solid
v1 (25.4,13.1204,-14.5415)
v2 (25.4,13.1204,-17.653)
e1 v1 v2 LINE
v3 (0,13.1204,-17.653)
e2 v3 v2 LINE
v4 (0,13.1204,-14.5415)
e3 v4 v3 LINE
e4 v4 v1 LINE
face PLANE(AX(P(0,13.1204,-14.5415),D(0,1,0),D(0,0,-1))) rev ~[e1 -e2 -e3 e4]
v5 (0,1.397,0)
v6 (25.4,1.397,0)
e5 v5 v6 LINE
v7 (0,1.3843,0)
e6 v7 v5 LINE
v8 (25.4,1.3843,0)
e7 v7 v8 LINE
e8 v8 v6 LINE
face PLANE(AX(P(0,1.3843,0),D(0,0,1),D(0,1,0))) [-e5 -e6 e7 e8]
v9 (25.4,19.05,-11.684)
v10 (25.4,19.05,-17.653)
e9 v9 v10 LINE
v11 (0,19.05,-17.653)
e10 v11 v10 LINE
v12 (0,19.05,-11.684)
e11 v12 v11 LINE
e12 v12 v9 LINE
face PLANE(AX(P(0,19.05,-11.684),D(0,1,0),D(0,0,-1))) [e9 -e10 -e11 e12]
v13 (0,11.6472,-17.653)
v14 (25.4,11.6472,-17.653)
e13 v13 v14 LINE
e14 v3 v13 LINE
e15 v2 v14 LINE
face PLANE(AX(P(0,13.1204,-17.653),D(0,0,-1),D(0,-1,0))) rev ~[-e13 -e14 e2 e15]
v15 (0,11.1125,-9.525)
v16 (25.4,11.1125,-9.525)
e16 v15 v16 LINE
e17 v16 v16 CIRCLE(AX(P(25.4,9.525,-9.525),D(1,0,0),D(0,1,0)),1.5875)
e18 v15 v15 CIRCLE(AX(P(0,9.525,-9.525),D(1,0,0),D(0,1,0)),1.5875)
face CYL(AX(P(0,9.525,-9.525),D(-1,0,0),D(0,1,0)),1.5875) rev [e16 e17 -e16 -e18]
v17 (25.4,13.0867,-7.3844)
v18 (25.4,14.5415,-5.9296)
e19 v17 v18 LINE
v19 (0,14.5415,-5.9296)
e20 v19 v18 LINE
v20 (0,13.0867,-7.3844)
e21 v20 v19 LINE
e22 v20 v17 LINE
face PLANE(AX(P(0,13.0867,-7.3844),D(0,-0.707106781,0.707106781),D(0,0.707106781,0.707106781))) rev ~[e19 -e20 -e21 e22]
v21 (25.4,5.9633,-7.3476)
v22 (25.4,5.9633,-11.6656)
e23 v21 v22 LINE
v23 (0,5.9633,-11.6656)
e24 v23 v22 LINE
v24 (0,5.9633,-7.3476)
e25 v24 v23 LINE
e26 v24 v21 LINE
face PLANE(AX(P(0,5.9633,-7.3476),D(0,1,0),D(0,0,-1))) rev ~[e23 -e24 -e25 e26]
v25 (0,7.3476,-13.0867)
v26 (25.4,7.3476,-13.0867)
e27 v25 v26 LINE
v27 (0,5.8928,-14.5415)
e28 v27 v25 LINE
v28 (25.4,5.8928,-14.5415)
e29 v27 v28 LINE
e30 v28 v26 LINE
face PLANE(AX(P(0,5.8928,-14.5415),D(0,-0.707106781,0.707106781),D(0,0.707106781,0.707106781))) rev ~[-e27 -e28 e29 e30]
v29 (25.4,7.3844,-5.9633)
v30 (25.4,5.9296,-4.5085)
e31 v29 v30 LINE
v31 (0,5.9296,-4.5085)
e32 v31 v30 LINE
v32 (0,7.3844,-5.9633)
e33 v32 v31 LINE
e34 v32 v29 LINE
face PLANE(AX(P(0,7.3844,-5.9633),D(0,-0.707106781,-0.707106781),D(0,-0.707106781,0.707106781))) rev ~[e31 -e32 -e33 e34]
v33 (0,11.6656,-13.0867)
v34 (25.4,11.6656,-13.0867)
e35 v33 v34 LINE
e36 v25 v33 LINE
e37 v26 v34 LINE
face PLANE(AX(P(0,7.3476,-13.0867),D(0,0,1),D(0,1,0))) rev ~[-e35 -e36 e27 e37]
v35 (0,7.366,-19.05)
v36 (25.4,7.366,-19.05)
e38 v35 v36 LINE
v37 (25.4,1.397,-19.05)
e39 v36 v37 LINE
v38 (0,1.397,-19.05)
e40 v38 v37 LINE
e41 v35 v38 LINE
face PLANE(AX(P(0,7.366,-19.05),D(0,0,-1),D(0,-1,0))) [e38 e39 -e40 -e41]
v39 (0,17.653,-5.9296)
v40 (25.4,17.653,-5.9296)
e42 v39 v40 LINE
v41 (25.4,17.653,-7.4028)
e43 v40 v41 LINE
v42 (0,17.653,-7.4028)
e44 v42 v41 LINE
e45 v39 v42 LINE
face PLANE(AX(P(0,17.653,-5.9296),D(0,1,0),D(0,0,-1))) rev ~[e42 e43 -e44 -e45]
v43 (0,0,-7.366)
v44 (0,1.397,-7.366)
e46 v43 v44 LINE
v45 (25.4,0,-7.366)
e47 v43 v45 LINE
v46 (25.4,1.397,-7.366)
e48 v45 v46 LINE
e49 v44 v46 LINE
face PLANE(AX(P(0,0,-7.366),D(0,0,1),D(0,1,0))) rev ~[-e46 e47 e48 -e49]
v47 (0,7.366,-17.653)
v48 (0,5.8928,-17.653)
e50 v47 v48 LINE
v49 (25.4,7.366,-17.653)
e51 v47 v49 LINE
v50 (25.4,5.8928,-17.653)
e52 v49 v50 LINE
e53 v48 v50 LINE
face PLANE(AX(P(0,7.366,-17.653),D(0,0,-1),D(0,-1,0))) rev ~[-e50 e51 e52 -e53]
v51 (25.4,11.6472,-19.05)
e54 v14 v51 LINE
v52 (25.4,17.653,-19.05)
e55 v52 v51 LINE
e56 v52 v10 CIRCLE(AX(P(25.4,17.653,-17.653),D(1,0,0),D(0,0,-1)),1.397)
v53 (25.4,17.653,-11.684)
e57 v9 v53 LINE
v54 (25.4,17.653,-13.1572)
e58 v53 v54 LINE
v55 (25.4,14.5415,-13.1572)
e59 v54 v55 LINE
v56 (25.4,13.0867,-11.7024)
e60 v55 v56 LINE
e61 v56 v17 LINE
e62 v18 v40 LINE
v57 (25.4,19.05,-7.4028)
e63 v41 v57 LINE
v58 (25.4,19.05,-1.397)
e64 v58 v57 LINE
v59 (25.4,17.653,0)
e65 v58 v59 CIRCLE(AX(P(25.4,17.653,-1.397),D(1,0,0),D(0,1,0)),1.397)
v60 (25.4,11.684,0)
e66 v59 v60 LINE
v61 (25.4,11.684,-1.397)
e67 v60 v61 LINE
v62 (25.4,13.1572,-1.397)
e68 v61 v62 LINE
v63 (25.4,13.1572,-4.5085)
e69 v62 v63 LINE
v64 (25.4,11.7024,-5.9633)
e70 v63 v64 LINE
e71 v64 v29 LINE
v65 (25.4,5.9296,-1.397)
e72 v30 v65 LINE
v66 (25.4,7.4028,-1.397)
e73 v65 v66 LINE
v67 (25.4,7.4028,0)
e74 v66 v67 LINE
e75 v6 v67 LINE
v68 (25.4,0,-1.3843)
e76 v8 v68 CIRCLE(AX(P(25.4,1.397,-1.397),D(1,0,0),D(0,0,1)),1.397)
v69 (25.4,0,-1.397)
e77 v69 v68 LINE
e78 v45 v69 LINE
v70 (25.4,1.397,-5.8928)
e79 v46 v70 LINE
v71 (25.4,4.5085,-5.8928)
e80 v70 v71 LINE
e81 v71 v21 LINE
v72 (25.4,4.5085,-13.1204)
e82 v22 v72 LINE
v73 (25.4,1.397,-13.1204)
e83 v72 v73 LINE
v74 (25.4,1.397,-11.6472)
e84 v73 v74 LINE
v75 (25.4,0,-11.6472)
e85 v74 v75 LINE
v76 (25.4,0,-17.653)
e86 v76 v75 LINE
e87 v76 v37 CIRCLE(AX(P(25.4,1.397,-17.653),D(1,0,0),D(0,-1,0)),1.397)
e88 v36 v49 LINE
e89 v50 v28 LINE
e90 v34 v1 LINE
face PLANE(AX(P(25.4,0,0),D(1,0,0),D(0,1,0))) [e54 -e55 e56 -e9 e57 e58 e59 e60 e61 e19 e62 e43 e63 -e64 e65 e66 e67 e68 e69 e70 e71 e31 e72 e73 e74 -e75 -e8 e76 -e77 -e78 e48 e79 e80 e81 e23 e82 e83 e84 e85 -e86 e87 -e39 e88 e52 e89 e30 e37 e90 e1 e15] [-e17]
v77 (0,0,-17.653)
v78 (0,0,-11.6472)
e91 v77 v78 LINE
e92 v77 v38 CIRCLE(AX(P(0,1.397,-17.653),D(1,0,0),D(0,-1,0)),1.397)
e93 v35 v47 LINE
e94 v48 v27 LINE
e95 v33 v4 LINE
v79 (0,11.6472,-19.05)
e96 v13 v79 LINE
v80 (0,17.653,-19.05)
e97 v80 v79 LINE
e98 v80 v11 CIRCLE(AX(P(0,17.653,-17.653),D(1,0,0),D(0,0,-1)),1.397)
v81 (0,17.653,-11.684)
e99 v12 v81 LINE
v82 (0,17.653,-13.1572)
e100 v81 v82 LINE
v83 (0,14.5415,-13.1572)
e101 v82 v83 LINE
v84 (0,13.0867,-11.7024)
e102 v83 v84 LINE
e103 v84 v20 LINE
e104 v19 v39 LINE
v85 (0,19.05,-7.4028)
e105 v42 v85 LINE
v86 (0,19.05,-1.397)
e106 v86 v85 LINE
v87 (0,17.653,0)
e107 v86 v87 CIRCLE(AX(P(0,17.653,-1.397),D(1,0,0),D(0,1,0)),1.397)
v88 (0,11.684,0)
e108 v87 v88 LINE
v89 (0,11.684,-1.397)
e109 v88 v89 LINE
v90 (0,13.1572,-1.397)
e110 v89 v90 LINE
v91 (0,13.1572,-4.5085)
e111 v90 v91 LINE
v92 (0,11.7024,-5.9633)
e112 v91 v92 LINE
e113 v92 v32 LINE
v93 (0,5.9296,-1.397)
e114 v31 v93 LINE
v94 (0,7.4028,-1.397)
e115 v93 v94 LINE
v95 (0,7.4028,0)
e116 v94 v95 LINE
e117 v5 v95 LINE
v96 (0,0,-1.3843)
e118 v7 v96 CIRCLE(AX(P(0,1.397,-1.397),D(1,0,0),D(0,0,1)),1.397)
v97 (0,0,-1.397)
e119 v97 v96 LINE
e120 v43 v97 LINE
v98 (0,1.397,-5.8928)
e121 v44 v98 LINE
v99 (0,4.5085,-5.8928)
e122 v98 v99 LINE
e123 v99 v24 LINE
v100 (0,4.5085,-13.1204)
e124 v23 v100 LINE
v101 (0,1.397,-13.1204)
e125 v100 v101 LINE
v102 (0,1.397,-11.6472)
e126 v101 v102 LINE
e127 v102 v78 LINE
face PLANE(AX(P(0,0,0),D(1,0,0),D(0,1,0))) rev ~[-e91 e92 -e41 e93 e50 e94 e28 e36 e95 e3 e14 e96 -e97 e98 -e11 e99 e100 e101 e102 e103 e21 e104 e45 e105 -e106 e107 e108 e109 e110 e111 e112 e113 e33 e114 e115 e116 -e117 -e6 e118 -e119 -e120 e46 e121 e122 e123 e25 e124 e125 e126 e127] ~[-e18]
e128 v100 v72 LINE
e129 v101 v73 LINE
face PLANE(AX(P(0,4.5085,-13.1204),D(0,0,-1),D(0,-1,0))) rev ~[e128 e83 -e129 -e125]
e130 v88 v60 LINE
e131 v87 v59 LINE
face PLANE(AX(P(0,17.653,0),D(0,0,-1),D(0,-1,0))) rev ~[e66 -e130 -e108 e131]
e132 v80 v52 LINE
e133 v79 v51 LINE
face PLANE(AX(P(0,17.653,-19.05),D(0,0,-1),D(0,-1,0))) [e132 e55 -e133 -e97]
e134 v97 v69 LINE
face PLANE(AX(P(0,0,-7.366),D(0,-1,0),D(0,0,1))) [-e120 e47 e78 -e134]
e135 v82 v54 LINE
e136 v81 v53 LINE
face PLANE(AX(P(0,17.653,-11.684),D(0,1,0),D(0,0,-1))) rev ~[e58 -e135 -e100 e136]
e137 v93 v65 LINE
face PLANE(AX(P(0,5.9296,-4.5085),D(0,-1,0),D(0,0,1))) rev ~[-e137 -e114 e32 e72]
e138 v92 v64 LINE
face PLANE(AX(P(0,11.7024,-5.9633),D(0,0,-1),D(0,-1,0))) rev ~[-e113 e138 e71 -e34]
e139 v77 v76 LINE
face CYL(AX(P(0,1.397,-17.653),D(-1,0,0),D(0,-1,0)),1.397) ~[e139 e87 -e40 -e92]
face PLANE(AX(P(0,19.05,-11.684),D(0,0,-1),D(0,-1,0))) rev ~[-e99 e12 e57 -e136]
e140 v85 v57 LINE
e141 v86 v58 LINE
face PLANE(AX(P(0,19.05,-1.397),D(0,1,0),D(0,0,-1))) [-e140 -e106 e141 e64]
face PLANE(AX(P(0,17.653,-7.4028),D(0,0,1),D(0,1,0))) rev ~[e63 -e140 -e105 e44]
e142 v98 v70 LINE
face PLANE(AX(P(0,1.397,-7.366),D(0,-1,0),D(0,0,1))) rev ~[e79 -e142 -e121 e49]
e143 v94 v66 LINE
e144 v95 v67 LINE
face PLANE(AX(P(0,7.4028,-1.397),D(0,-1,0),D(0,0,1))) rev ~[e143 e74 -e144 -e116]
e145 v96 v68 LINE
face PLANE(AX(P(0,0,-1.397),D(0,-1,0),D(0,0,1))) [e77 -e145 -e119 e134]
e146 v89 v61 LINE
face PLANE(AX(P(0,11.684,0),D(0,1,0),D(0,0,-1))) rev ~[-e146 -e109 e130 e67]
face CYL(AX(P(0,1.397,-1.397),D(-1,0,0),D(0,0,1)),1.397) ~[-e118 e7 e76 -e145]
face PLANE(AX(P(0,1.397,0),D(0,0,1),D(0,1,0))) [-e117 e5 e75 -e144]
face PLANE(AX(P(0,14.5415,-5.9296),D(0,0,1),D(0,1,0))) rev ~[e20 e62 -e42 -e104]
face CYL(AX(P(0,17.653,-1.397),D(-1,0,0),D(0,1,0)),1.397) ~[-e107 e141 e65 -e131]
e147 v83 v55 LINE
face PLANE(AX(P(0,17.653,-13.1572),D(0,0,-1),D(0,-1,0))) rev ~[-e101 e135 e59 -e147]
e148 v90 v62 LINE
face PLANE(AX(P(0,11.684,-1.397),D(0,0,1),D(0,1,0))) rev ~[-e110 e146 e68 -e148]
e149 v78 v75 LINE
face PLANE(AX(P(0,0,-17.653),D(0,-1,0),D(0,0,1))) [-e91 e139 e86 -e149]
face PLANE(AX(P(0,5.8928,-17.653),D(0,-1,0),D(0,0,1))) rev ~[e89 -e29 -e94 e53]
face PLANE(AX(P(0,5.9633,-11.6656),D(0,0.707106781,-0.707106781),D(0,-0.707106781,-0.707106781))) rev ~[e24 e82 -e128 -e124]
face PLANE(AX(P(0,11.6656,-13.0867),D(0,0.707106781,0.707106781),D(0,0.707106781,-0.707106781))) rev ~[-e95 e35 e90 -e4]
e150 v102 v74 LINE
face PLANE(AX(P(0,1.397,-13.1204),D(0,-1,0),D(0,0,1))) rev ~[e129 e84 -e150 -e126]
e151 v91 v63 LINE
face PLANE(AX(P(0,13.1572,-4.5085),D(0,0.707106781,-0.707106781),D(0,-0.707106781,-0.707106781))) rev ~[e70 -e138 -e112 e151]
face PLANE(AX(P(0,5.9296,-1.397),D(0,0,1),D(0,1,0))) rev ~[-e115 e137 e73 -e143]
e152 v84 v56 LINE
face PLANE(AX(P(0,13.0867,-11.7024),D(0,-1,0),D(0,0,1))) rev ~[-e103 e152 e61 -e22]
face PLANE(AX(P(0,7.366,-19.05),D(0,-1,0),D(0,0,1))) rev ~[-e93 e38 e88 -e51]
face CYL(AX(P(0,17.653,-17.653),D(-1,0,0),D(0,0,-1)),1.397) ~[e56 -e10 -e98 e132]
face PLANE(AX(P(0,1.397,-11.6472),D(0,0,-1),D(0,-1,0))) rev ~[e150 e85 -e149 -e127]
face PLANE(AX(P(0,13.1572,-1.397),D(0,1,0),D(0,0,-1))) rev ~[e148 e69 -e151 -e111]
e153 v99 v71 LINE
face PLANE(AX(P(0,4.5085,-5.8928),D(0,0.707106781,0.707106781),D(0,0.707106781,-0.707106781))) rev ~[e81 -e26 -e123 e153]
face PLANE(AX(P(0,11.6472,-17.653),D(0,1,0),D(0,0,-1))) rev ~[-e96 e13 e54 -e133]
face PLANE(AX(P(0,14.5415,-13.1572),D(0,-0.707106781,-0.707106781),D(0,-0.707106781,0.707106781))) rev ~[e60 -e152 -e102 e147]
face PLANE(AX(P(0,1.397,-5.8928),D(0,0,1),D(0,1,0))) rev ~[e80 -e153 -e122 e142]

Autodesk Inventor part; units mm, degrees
ref_plane "YZ Plane" through (0, 0, 0) normal (1, 0, 0) x (0, 1, 0)
ref_plane "XZ Plane" through (0, 0, 0) normal (0, 1, 0) x (-1, 0, 0)
ref_plane "XY Plane" through (0, 0, 0) normal (0, 0, 1) x (1, 0, 0)
sketch "Sketch2" plane through (0, 0, 0) normal (1, 0, 0) x (0, 1, 0)
  line L0 (1.3843, 0) -> (1.397, 0)
  line L1 (17.653, 0) -> (11.684, 0)
  line L2 (11.684, 0) -> (11.684, -1.397)
  line L3 (11.684, -1.397) -> (13.1572, -1.397)
  line L4 (13.1572, -1.397) -> (13.1572, -4.5085)
  line L5 (13.1572, -4.5085) -> (11.7024, -5.9633)
  line L6 (11.7024, -5.9633) -> (7.3844, -5.9633)
  line L7 (7.3844, -5.9633) -> (5.9296, -4.5085)
  line L8 (5.9296, -4.5085) -> (5.9296, -1.397)
  line L9 (5.9296, -1.397) -> (7.4028, -1.397)
  line L10 (7.4028, -1.397) -> (7.4028, 0)
  line L11 (1.397, 0) -> (7.4028, 0)
  line L12 (11.684, 0) -> (19.05, 0)
  line L13 (5.9633, -7.3476) -> (5.9633, -11.6656)
  line L14 (4.5085, -5.8928) -> (5.9633, -7.3476)
  line L15 (5.9633, -11.6656) -> (4.5085, -13.1204)
  line L16 (1.397, -13.1204) -> (1.397, -11.6472)
  line L17 (4.5085, -13.1204) -> (1.397, -13.1204)
  line L18 (1.397, -11.6472) -> (0, -11.6472)
  line L19 (1.397, -5.8928) -> (4.5085, -5.8928)
  line L20 (0, -7.366) -> (1.397, -7.366)
  line L21 (1.397, -7.366) -> (1.397, -5.8928)
  line L22 (7.3476, -13.0867) -> (11.6656, -13.0867)
  line L23 (5.8928, -14.5415) -> (7.3476, -13.0867)
  line L24 (11.6656, -13.0867) -> (13.1204, -14.5415)
  line L25 (13.1204, -17.653) -> (11.6472, -17.653)
  line L26 (13.1204, -14.5415) -> (13.1204, -17.653)
  line L27 (11.6472, -17.653) -> (11.6472, -19.05)
  line L28 (5.8928, -17.653) -> (5.8928, -14.5415)
  line L29 (7.366, -19.05) -> (7.366, -17.653)
  line L30 (7.366, -17.653) -> (5.8928, -17.653)
  line L31 (13.0867, -11.7024) -> (13.0867, -7.3844)
  line L32 (14.5415, -13.1572) -> (13.0867, -11.7024)
  line L33 (13.0867, -7.3844) -> (14.5415, -5.9296)
  line L34 (17.653, -5.9296) -> (17.653, -7.4028)
  line L35 (14.5415, -5.9296) -> (17.653, -5.9296)
  line L36 (17.653, -7.4028) -> (19.05, -7.4028)
  line L37 (17.653, -13.1572) -> (14.5415, -13.1572)
  line L38 (19.05, -11.684) -> (17.653, -11.684)
  line L39 (17.653, -11.684) -> (17.653, -13.1572)
  line L40 (1.3843, 0) -> (1.397, 0)
  line L41 (19.05, -1.397) -> (19.05, -7.4028)
  line L42 (19.05, -11.684) -> (19.05, -17.653)
  line L43 (17.653, -19.05) -> (11.6472, -19.05)
  line L44 (7.366, -19.05) -> (1.397, -19.05)
  line L45 (0, -17.653) -> (0, -11.6472)
  line L46 (0, -7.366) -> (0, -1.397)
  line L47 (0, -7.366) -> (0, -1.397)
  circle A0 centre (9.525, -9.525) radius 1.5875
  line L48 (1.3843, 0) -> (1.397, 0)
  line L49 (0, -1.397) -> (0, -1.3843)
  arc A1 (1.397, 0) -> (0, -1.397) centre (1.397, -1.397) ccw
  arc A2 (0, -17.653) -> (1.397, -19.05) centre (1.397, -17.653) ccw
  arc A3 (17.653, -19.05) -> (19.05, -17.653) centre (17.653, -17.653) ccw
  arc A4 (19.05, -1.397) -> (17.653, 0) centre (17.653, -1.397) ccw
  point P0 (0, 0)
  dimension "d34" = 7.366
  dimension "d35" = 1.397
  dimension "d37" = 1.4732
  dimension "d38" = 3.1115
  dimension "d39" = 2.0574
  dimension "d40" = 135
  dimension "d41" = 4.318
  dimension "d42" = 2.0574
  dimension "d43" = 1.4732
  dimension "d46" = 1.397
  dimension "d49" = 360
  dimension "d56" = 19.05
  dimension "d58" = 3.175
  dimension "d61" = 1.397
  dimension "d62" = 1.397
  dimension "d63" = 1.397
  dimension "d64" = 1.397
  dimension "d67" = 360
  dimension "d71" = 3.1115
extrude "Extrusion1" add sketch "Sketch2" along normal blind 25.4
properties part number "Extrusion"
